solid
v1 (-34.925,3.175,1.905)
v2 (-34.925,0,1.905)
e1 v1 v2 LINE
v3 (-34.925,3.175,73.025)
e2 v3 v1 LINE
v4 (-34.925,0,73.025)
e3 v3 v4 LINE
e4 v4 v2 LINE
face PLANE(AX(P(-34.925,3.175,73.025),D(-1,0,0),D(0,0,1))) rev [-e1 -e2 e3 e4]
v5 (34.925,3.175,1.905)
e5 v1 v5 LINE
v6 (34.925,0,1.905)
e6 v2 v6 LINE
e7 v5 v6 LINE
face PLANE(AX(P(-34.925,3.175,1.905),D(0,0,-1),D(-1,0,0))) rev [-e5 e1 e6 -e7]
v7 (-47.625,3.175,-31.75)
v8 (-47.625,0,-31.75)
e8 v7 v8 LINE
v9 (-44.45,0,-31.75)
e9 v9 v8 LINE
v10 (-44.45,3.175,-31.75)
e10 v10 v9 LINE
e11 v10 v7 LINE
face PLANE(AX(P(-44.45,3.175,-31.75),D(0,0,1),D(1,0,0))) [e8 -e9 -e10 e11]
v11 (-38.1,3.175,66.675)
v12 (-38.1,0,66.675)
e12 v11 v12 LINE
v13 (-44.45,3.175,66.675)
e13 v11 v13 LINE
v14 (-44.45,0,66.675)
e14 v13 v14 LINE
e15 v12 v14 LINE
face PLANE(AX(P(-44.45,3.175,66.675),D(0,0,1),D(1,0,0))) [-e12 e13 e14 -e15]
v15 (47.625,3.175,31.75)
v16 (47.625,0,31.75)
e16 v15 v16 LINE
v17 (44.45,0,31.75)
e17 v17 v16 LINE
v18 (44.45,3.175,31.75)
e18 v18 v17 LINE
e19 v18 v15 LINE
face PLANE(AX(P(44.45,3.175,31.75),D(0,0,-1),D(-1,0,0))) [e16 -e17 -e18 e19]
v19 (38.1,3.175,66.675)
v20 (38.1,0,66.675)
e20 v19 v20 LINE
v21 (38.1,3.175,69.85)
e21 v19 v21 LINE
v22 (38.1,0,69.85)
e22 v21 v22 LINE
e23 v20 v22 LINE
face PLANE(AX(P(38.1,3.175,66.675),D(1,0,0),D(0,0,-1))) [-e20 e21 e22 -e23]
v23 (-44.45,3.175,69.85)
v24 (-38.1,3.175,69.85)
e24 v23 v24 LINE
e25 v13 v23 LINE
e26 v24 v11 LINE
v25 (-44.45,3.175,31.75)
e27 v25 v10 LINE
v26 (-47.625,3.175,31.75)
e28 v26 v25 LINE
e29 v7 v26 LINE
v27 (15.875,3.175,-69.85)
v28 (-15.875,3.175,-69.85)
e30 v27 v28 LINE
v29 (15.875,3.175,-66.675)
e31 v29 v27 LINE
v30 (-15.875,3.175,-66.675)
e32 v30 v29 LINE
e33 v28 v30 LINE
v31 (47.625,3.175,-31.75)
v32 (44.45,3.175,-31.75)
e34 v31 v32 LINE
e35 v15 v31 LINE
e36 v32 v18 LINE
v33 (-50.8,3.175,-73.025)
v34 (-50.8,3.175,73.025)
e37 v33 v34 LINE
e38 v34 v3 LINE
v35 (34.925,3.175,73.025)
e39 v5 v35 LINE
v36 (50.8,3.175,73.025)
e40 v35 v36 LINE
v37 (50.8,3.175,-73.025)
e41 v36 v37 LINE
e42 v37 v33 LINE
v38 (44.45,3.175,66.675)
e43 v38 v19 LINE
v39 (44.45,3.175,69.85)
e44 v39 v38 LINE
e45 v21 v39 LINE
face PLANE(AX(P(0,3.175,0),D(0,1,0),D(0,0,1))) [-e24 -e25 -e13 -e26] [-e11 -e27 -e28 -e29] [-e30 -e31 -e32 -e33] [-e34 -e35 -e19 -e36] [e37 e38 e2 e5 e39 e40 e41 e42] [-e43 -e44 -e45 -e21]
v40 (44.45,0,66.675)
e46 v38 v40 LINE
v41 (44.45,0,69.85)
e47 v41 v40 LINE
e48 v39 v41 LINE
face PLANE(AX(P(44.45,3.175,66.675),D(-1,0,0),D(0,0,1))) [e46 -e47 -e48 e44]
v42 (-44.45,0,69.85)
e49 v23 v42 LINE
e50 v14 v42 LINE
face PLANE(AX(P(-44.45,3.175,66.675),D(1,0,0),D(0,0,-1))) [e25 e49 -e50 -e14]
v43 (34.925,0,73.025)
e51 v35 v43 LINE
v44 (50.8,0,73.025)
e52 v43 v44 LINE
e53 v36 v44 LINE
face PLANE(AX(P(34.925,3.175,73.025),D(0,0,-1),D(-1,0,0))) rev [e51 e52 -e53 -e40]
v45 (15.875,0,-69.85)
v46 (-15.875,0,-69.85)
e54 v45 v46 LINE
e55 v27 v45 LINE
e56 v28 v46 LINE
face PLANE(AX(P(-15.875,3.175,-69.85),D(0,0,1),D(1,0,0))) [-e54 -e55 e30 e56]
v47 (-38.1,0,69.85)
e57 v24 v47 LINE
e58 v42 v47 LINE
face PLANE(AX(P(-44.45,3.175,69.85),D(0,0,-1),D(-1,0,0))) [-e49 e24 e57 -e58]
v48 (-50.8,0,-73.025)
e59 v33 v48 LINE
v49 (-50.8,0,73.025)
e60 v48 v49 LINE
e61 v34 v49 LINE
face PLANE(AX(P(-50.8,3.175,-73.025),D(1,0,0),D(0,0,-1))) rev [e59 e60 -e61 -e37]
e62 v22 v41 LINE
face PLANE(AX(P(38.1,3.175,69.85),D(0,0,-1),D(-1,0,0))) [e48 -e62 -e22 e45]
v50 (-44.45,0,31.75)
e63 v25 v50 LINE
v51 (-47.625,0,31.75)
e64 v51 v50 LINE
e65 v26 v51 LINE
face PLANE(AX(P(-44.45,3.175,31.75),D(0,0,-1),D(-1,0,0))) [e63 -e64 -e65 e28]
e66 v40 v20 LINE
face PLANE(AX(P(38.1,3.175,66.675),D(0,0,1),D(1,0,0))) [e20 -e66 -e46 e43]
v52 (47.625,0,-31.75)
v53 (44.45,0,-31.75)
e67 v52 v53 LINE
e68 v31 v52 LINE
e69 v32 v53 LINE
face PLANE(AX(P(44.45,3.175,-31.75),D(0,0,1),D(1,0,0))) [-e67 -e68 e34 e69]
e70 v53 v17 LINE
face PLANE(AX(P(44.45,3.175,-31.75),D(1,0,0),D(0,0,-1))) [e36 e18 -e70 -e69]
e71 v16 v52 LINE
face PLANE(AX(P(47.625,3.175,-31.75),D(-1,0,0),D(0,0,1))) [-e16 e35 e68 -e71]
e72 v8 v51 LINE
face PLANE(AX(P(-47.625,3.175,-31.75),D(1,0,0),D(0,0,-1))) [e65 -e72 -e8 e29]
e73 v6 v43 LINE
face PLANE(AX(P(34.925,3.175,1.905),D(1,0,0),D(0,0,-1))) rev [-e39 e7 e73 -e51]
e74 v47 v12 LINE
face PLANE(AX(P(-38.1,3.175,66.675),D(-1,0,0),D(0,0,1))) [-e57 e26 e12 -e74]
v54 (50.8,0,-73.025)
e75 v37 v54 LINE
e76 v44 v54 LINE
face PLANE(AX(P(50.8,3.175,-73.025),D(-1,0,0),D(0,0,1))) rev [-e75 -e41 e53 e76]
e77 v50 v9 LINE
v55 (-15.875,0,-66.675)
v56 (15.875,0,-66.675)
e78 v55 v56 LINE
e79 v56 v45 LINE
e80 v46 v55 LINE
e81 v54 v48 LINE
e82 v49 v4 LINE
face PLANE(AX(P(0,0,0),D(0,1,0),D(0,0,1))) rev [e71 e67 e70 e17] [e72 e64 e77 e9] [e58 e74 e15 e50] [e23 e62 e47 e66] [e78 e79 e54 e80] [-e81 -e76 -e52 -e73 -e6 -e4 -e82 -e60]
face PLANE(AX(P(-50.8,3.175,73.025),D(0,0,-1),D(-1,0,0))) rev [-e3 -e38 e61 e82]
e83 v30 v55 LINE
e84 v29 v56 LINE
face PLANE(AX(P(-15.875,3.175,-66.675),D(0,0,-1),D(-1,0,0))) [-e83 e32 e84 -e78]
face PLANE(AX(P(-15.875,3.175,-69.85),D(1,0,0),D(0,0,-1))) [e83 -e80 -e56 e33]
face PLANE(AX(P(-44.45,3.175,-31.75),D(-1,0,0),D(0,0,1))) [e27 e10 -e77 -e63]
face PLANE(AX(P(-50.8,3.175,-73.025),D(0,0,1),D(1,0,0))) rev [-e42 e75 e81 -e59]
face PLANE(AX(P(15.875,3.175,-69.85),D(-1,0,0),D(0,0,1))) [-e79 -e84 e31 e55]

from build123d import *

# Parameters (mm, degrees)
SKETCH1_W           = 31.75
SKETCH1_H           = 3.175
SKETCH1_W_2         = 3.175
SKETCH1_H_2         = 63.5
SKETCH1_W_3         = 6.35
BOSS_EXTRUDE1_DEPTH = 3.175


with BuildPart() as part:
    # Sketch1 → Boss-Extrude1 (new body)
    with BuildSketch(Plane(origin=(0, 0, 0), x_dir=(1, 0, 0), z_dir=(0, 1, 0))):
        Polygon((-50.8, 73.025), (50.8, 73.025), (50.8, -73.025), (34.925, -73.025), (34.925, -1.905), (-34.925, -1.905), (-34.925, -73.025), (-50.8, -73.025), align=None)
        with Locations((0, 68.2625)):
            Rectangle(SKETCH1_W, SKETCH1_H, mode=Mode.SUBTRACT)
        with Locations((-46.0375, 0)):
            Rectangle(SKETCH1_W_2, SKETCH1_H_2, mode=Mode.SUBTRACT)
        with Locations((46.0375, 0)):
            Rectangle(SKETCH1_W_2, SKETCH1_H_2, mode=Mode.SUBTRACT)
        with Locations((-41.275, -68.2625)):
            Rectangle(SKETCH1_W_3, SKETCH1_H, mode=Mode.SUBTRACT)
        with Locations((41.275, -68.2625)):
            Rectangle(SKETCH1_W_3, SKETCH1_H, mode=Mode.SUBTRACT)
    extrude(amount=BOSS_EXTRUDE1_DEPTH)


solid = part.part
